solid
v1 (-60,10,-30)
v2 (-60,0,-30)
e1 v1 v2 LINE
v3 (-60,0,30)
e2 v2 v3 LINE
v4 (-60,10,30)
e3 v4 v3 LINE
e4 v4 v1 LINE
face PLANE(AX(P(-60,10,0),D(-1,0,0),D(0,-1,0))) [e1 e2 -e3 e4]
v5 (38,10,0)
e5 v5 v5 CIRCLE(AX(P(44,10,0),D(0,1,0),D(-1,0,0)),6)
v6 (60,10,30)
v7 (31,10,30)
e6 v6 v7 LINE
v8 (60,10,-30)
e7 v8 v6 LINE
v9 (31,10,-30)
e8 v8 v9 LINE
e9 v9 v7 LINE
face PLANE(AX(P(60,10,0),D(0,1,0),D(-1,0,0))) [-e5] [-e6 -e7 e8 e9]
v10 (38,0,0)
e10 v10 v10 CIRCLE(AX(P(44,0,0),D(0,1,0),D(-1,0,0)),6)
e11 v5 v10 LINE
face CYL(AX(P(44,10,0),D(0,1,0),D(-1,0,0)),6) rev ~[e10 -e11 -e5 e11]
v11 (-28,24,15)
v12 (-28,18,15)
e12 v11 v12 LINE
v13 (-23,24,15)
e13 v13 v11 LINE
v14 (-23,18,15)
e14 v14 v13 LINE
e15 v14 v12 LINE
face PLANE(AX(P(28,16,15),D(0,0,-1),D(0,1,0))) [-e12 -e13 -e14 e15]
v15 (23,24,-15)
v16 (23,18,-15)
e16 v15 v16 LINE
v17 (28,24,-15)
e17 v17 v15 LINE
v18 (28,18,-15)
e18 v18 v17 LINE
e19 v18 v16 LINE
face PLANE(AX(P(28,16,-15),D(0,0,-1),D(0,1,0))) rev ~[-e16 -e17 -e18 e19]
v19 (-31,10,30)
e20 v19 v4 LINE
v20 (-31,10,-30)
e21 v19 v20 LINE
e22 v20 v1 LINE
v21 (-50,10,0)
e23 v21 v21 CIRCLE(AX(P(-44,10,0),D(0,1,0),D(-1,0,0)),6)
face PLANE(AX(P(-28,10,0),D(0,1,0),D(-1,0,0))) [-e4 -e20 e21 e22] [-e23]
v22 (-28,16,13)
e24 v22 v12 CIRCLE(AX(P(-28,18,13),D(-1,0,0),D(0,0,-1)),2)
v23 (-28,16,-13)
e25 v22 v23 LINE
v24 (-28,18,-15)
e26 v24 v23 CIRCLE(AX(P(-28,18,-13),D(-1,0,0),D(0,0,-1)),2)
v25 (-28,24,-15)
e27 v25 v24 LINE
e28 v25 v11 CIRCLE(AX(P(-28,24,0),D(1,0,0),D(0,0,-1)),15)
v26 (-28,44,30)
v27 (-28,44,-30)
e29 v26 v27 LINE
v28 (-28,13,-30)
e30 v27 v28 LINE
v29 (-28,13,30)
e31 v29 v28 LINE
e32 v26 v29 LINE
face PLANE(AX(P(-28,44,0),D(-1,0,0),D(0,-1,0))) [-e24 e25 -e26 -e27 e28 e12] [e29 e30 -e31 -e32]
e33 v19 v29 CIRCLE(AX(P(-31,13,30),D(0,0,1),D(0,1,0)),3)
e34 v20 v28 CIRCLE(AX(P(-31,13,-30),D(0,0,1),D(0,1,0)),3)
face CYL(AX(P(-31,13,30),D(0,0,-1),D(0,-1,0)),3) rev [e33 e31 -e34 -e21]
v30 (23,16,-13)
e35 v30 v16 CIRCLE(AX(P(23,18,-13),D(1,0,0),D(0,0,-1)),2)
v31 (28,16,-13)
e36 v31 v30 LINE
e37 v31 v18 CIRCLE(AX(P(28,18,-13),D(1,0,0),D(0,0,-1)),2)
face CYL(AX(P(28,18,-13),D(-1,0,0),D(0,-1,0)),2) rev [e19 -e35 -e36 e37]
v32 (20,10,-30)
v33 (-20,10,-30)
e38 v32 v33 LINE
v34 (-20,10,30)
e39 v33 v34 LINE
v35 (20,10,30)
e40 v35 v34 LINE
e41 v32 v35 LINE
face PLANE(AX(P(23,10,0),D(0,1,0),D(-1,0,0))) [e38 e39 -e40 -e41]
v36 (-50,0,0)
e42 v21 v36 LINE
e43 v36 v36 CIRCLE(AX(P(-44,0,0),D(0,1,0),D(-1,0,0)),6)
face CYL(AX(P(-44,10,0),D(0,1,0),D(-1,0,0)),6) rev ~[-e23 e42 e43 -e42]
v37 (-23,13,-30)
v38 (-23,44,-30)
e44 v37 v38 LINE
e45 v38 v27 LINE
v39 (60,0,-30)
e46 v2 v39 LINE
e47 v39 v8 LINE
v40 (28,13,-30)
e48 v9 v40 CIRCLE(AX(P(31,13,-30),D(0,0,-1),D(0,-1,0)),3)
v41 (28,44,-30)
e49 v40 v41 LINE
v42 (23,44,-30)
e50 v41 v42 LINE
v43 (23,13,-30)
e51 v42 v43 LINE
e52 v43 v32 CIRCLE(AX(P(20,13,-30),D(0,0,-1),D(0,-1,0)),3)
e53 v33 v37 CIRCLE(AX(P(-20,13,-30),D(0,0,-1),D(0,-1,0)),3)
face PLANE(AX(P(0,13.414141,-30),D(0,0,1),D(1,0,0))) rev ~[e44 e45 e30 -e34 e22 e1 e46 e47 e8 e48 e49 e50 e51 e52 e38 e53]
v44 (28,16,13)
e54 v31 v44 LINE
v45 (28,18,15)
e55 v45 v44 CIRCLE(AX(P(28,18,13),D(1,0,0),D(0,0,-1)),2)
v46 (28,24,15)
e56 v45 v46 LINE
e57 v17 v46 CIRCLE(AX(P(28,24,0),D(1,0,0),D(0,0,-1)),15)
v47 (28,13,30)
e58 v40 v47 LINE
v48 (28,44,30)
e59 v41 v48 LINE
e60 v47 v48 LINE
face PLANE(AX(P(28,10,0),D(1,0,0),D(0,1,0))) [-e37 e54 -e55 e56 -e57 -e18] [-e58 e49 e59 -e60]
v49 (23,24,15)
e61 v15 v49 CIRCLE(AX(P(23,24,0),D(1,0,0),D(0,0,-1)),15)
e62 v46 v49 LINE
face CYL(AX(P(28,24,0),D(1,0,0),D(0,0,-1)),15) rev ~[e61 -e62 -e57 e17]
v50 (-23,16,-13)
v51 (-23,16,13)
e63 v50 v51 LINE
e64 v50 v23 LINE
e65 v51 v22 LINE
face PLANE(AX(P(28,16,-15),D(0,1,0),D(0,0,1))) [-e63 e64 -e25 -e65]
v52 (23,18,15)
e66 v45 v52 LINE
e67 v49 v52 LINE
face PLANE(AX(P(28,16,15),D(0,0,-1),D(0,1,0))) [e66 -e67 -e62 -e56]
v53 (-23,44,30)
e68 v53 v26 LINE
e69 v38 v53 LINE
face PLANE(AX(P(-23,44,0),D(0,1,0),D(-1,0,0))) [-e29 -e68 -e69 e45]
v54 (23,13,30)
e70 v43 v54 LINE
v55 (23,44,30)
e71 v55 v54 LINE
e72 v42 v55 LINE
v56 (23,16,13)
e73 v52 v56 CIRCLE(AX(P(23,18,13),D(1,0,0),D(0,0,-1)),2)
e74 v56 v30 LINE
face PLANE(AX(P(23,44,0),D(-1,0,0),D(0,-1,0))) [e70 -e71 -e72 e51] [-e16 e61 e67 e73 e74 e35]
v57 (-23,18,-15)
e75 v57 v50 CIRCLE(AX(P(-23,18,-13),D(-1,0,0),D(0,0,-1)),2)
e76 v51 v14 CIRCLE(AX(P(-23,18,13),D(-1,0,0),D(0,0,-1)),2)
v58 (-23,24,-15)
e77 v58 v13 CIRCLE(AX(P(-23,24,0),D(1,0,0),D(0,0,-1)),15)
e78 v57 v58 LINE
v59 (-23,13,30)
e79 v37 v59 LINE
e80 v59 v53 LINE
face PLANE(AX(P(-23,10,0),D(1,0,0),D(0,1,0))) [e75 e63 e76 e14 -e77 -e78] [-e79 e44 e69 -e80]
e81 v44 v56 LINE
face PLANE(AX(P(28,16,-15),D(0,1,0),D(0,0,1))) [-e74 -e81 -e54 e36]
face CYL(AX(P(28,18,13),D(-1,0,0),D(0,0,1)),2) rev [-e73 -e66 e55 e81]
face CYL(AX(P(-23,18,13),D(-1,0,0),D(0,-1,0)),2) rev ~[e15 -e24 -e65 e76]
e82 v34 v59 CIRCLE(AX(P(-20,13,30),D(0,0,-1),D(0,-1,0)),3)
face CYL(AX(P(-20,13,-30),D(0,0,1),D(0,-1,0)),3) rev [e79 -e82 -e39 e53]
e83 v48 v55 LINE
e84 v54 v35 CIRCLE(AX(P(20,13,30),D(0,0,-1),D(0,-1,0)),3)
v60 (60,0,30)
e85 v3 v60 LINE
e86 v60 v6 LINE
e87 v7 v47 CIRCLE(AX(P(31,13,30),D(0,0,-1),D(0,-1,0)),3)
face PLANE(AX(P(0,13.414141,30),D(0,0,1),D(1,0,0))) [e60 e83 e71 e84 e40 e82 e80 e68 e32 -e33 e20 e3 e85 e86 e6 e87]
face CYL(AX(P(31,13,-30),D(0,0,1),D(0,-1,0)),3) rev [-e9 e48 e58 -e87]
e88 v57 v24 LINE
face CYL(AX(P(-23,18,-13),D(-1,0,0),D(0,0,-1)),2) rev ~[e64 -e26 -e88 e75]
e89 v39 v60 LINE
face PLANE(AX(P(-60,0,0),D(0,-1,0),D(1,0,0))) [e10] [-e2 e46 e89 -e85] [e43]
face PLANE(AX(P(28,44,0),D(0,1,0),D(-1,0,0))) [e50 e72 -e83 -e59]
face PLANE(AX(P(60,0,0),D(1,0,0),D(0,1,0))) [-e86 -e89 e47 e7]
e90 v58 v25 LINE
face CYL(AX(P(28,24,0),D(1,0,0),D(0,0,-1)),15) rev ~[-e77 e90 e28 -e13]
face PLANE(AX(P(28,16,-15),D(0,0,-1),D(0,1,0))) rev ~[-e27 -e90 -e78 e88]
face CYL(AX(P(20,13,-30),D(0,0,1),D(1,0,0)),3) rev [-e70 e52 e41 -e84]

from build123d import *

# Parameters (mm, degrees)
F1_DEPTH      = 30
F1_DEPTH_BACK = 30
F2_R          = 6
F3_DEPTH      = 10.001
F4_R          = 3
F5_W          = 8
F5_H          = 30
F6_DEPTH      = 100
F7_R          = 2


with BuildPart() as f1:
    # F0 (on Top) → F1 (new body, two sides)
    with BuildSketch(Plane.XY) as f1_sk:
        Polygon((-60, 10), (-60, 0), (60, 0), (60, 10), (28, 10), (28, 44), (23, 44), (23, 10), (-23, 10), (-23, 44), (-28, 44), (-28, 10), align=None)
    extrude(amount=F1_DEPTH)
    extrude(f1_sk.sketch, amount=-F1_DEPTH_BACK)

    # F2 (on face) → F3 (cut, through all)
    with BuildSketch(Plane(origin=(0, 10, 0), x_dir=(-1, 0, 0), z_dir=(0, 1, 0))):
        with Locations((44, 0)):
            Circle(F2_R)
        with Locations((-44, 0)):
            Circle(F2_R)
    extrude(amount=-F3_DEPTH, mode=Mode.SUBTRACT)

    # F4
    f4_edges = [f1.edges().sort_by_distance(p)[0] for p in [
        (28, 10, 0),
        (23, 10, 0),
        (-28, 10, 0),
        (-23, 10, 0),
    ]]
    fillet(f4_edges, radius=F4_R)

    # F5 (on face) → F6 (cut)
    with BuildSketch(Plane.YZ.offset(28)):
        with BuildLine():
            ThreePointArc((24, -15), (39, 0), (24, 15))
            Line((24, 15), (24, -15))
        make_face()
        with Locations((20, 0)):
            Rectangle(F5_W, F5_H)
    extrude(amount=-F6_DEPTH, mode=Mode.SUBTRACT)

    # F7
    f7_edges = [f1.edges().sort_by_distance(p)[0] for p in [
        (25.5, 16, -15),
        (-25.5, 16, -15),
        (25.5, 16, 15),
        (-25.5, 16, 15),
    ]]
    fillet(f7_edges, radius=F7_R)


solid = f1.part
